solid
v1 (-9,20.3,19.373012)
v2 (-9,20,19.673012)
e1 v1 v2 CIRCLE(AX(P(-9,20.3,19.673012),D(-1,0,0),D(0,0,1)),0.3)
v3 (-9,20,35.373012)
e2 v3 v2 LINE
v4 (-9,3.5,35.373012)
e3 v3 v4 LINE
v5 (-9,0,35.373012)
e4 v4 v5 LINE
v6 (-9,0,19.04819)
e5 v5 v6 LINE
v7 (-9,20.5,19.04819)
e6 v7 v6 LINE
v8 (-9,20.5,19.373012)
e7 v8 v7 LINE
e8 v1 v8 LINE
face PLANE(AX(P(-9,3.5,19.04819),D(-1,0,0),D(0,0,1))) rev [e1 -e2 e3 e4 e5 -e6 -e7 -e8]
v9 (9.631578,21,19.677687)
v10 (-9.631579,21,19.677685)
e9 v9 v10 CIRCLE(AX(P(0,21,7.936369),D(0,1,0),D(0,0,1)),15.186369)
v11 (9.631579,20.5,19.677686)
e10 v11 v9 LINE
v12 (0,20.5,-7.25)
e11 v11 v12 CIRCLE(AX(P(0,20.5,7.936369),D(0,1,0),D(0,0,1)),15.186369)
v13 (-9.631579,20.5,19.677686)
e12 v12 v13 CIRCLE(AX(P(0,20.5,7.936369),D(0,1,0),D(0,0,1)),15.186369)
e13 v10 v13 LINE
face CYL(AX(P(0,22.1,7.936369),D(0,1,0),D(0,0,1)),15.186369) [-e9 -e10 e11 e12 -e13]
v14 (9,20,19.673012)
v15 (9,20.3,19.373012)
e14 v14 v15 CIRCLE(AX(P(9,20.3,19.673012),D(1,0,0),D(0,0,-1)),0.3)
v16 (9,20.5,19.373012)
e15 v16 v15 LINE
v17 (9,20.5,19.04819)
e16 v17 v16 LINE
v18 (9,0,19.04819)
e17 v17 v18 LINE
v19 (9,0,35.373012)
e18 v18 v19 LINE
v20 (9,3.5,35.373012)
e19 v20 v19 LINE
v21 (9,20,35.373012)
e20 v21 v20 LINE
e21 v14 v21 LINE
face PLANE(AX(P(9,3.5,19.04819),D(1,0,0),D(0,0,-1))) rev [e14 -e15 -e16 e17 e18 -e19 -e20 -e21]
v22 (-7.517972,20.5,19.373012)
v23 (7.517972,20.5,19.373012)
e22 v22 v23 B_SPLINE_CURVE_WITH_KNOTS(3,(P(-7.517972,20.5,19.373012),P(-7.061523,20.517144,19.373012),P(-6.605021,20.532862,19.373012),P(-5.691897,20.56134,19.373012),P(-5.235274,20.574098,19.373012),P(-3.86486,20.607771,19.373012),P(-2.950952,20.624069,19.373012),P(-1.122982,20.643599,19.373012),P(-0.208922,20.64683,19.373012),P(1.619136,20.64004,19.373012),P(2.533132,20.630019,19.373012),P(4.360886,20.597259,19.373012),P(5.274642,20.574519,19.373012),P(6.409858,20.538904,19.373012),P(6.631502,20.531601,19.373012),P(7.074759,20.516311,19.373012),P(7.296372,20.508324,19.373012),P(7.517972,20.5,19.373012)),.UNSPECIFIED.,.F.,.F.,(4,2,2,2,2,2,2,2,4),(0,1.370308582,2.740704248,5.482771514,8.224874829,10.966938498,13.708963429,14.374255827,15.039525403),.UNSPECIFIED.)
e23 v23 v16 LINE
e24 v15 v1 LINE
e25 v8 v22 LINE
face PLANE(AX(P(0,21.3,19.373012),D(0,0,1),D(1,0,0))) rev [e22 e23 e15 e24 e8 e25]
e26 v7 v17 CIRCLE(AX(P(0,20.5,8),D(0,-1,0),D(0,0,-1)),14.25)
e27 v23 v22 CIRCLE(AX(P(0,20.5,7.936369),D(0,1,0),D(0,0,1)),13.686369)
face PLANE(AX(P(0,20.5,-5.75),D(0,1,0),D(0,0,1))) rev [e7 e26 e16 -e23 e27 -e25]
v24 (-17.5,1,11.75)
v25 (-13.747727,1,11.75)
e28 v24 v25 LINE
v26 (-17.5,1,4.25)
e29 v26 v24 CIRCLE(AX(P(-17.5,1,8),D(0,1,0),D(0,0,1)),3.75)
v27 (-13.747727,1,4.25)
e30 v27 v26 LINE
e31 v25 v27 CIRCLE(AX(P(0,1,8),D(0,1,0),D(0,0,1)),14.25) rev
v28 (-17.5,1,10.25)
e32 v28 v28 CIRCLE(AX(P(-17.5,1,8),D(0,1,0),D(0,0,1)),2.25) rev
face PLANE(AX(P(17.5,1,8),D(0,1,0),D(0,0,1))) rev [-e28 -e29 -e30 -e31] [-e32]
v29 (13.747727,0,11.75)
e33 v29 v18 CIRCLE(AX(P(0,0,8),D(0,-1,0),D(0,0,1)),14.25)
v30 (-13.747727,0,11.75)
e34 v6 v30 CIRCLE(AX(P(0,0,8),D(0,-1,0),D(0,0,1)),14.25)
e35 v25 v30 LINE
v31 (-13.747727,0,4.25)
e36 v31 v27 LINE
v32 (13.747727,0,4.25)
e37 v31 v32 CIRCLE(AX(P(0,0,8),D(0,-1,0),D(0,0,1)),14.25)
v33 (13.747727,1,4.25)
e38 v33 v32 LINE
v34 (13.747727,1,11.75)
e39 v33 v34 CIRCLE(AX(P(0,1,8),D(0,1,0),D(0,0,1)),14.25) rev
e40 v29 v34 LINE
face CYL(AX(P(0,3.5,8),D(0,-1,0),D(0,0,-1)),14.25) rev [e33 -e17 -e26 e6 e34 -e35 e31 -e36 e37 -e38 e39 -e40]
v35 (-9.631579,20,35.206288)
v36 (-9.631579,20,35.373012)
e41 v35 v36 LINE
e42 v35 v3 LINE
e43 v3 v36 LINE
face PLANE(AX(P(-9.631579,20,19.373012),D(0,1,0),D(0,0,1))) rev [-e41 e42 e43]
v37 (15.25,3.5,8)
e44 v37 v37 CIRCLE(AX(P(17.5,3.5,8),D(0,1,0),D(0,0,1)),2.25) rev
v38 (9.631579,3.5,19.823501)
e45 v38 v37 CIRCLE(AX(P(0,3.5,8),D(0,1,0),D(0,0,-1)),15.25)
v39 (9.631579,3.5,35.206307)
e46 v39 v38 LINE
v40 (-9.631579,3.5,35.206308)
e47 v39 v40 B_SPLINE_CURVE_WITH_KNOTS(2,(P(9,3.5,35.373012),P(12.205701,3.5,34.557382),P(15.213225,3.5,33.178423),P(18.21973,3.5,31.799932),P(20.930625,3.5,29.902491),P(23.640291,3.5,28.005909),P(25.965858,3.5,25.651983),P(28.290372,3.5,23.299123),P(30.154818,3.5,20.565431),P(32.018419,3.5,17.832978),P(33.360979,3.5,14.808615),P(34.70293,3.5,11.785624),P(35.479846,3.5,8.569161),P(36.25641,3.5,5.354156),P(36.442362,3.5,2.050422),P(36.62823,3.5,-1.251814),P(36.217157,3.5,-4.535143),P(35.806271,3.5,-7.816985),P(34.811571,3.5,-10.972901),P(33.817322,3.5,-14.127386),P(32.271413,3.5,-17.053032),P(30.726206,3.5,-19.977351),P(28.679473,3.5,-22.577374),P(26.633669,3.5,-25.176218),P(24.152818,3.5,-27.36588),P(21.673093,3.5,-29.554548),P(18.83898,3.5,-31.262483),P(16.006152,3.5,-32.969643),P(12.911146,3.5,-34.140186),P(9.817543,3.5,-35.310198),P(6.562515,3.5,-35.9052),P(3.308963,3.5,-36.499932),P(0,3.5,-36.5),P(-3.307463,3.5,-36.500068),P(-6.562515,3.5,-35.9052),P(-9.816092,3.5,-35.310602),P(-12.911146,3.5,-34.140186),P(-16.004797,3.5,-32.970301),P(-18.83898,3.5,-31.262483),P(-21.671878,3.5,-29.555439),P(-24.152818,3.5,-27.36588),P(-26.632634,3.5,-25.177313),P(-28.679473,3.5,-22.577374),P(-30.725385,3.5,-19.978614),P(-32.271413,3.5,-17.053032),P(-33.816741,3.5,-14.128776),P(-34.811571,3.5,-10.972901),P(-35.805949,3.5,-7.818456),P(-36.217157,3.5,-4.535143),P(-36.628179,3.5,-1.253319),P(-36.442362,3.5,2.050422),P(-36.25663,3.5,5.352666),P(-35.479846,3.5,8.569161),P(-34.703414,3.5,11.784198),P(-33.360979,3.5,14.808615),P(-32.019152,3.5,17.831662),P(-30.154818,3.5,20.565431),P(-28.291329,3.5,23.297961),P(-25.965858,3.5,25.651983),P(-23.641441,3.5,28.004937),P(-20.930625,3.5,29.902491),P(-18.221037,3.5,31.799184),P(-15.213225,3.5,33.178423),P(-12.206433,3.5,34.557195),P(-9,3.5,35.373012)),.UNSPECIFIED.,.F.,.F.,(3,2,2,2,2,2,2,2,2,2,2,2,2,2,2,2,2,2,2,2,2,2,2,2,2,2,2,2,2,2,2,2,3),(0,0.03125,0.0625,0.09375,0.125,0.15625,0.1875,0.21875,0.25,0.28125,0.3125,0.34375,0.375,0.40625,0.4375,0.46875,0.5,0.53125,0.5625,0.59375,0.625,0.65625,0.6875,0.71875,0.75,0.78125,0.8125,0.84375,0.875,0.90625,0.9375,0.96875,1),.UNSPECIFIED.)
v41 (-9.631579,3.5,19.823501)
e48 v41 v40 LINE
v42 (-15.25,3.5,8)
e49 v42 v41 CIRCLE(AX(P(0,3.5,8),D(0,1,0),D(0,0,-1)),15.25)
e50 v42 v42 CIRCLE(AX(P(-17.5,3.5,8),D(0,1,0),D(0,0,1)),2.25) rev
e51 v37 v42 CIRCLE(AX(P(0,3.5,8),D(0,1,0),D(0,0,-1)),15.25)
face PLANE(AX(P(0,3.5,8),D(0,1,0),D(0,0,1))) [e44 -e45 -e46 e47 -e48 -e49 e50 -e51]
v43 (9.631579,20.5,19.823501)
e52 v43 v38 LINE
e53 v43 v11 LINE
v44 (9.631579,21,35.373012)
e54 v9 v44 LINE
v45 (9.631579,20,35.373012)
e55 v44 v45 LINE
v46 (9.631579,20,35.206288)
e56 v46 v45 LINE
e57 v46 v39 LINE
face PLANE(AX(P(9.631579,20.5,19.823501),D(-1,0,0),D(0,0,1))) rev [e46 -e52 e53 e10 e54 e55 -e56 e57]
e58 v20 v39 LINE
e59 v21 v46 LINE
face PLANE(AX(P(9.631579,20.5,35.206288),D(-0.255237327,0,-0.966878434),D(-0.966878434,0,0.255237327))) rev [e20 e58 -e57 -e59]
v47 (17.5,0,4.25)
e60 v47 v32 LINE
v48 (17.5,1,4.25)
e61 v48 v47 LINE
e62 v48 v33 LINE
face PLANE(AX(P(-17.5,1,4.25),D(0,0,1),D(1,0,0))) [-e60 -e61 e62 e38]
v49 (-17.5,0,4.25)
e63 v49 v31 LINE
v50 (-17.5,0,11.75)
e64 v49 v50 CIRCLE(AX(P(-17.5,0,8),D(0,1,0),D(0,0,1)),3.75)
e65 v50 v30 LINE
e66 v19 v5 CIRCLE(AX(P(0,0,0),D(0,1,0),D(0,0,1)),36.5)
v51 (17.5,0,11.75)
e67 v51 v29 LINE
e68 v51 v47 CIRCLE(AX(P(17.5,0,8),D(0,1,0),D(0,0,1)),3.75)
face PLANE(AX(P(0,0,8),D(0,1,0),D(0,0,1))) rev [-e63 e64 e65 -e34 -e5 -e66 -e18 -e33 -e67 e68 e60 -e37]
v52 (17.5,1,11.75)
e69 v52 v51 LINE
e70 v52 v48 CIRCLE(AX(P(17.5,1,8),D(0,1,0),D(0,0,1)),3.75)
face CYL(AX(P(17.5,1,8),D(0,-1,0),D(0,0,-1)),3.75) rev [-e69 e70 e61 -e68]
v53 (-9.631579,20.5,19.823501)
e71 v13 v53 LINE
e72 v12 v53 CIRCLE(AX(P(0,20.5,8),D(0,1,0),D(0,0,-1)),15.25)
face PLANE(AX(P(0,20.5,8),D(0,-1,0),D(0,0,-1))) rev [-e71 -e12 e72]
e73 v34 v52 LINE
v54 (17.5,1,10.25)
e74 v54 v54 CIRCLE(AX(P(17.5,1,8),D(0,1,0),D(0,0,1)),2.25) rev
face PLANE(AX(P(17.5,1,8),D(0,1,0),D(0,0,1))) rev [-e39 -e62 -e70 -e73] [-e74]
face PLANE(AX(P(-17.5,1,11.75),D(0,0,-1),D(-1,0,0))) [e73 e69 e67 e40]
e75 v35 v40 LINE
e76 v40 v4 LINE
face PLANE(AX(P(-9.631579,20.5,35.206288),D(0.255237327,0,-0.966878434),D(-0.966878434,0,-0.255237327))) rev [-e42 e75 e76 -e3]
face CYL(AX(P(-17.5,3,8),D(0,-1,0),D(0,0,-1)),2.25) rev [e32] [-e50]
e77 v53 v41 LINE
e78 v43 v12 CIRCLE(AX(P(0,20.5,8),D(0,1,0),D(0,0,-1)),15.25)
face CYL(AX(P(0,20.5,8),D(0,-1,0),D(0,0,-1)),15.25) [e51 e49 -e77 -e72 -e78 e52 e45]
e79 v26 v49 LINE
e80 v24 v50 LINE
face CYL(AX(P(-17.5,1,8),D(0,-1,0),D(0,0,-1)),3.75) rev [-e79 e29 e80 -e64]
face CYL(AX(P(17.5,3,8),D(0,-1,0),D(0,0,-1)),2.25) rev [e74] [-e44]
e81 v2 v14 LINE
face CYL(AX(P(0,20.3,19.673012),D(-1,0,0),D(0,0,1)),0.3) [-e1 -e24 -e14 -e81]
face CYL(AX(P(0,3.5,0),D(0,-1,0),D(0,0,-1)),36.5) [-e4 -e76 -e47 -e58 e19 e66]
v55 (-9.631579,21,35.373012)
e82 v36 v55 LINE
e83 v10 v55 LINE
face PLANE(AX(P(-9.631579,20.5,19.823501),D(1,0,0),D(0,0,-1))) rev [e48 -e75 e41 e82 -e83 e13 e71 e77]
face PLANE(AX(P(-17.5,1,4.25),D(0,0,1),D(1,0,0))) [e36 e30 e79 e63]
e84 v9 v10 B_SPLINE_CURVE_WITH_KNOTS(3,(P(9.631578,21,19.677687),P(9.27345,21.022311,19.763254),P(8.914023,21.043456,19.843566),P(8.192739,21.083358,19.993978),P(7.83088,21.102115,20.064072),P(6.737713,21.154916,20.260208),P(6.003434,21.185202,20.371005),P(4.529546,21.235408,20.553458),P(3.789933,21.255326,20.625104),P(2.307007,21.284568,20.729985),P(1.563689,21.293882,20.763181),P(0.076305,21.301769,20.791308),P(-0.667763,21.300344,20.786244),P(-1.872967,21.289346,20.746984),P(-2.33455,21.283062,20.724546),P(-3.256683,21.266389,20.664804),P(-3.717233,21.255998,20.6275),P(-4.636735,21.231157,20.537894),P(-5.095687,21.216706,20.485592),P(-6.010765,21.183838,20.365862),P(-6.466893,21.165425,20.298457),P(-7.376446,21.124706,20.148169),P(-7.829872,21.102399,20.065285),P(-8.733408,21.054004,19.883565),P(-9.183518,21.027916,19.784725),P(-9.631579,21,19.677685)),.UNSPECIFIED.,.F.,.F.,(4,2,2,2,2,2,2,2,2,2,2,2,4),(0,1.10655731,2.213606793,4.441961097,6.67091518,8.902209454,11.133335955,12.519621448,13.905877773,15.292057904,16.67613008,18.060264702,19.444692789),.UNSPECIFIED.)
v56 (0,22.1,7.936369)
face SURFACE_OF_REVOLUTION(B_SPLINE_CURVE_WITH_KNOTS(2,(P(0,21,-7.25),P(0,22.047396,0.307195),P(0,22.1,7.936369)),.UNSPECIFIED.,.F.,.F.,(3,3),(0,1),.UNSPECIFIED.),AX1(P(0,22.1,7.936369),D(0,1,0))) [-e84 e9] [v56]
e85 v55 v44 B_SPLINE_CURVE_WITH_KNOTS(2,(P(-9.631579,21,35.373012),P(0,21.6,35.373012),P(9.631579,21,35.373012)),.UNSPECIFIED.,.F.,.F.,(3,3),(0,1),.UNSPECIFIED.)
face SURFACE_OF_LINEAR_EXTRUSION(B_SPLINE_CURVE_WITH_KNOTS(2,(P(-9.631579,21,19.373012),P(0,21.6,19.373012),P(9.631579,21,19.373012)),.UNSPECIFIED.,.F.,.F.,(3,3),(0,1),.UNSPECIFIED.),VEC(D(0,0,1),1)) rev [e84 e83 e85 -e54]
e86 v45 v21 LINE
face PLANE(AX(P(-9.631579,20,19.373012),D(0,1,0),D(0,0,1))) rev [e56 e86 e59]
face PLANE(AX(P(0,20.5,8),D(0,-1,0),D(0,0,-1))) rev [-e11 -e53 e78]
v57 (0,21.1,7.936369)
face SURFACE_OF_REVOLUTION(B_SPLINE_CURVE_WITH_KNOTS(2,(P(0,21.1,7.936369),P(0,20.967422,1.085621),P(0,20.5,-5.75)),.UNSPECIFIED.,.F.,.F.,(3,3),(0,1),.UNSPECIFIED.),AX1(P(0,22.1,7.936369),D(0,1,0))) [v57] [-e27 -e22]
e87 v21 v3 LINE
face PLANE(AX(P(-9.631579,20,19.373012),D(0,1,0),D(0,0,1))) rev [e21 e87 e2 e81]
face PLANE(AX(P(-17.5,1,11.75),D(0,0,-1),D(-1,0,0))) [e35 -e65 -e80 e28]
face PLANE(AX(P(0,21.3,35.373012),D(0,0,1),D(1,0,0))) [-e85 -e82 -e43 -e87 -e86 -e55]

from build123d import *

# Parameters (mm, degrees)
BOSS_EXTRUDE1_DEPTH = 3.5
CUT_EXTRUDE1_DEPTH  = 1
SKETCH4_R           = 2.25
CUT_EXTRUDE2_DEPTH  = 3
SKETCH4_2_R         = 2.25
CUT_EXTRUDE3_DEPTH  = 8
BOSS_EXTRUDE4_DEPTH = 17
BOSS_EXTRUDE5_DEPTH = 16
FILLET5_R           = 0.3


with BuildPart() as part:
    # Sketch1 → Boss-Extrude1 (new body)
    with BuildSketch(Plane(origin=(0, 0, 0), x_dir=(1, 0, 0), z_dir=(0, 1, 0))):
        with BuildLine():
            Line((-9, -19.048189897), (-9, -35.373012312))
            ThreePointArc((-9, -35.373012312), (0, 36.5), (9, -35.373012312))
            Line((9, -35.373012312), (9, -19.048189897))
            ThreePointArc((9, -19.048189897), (0, 6.25), (-9, -19.048189897))
        make_face()
    extrude(amount=BOSS_EXTRUDE1_DEPTH)

    # Sketch2 → Cut-Extrude1 (cut)
    with BuildSketch(Plane(origin=(0, 0, 0), x_dir=(1, 0, 0), z_dir=(0, 1, 0))):
        with BuildLine():
            Line((-17.5, -4.25), (17.5, -4.25))
            ThreePointArc((17.5, -4.25), (21.25, -8), (17.5, -11.75))
            Line((17.5, -11.75), (-17.5, -11.75))
            ThreePointArc((-17.5, -11.75), (-21.25, -8), (-17.5, -4.25))
        make_face()
    extrude(amount=CUT_EXTRUDE1_DEPTH, mode=Mode.SUBTRACT)

    # Sketch4 → Cut-Extrude2 (cut)
    with BuildSketch(Plane(origin=(0, 0, 0), x_dir=(1, 0, 0), z_dir=(0, 1, 0))):
        with Locations((17.5, -8)):
            Circle(SKETCH4_R)
        with Locations((-17.5, -8)):
            Circle(SKETCH4_R)
    extrude(amount=CUT_EXTRUDE2_DEPTH, mode=Mode.SUBTRACT)

    # Sketch4<2> → Cut-Extrude3 (cut)
    with BuildSketch(Plane(origin=(0, 0, 0), x_dir=(1, 0, 0), z_dir=(0, 1, 0))):
        with Locations((17.5, -8)):
            Circle(SKETCH4_2_R)
        with Locations((-17.5, -8)):
            Circle(SKETCH4_2_R)
    extrude(amount=CUT_EXTRUDE3_DEPTH, mode=Mode.SUBTRACT)

    # Sketch8 → Boss-Extrude4 (add)
    with BuildSketch(Plane(origin=(0, 3.5, 0), x_dir=(1, 0, 0), z_dir=(0, 1, 0))):
        with BuildLine():
            Line((-9.631578947, -19.823501469), (-9.631578947, -35.206287606))
            Line((-9.631578947, -35.206287606), (-9, -35.373012312))
            Line((-9, -35.373012312), (-9, -19.048189897))
            ThreePointArc((-9, -19.048189897), (0, 6.25), (9, -19.048189897))
            Line((9, -19.048189897), (9, -35.373012312))
            Line((9, -35.373012312), (9.631578947, -35.206287606))
            Line((9.631578947, -35.206287606), (9.631578947, -19.823501469))
            ThreePointArc((9.631578947, -19.823501469), (0, 7.25), (-9.631578947, -19.823501469))
        make_face()
    extrude(amount=BOSS_EXTRUDE4_DEPTH)

    # Sketch10 → Revolve1 (revolve)
    with BuildSketch(Plane(origin=(0, 0, 0), x_dir=(0, 0, -1), z_dir=(1, 0, 0))):
        with BuildLine():
            Line((7.25, 20.5), (7.25, 21))
            add(Edge.make_bspline(
                [(-7.936369454, 22.1), (-0.307195454, 22.047396127), (7.25, 21)],
                knots=[0, 0, 0, 1, 1, 1], degree=2))
            Line((-7.936369454, 22.1), (-7.936369454, 21.1))
            add(Edge.make_bspline(
                [(-7.936369454, 21.1), (-1.085621259, 20.96742236), (5.75, 20.5)],
                knots=[0, 0, 0, 1, 1, 1], degree=2))
            Line((5.75, 20.5), (7.25, 20.5))
        make_face()
    revolve(axis=Axis((0, 22.1, 7.936369454), (0, -1, 0)))

    # Sketch11 → Boss-Extrude5 (add)
    with BuildSketch(Plane(origin=(0, 0, 35.373012312), x_dir=(-1, 0, 0), z_dir=(0, 0, -1))):
        with BuildLine():
            Line((9.631578947, 21.000000084), (9.631578947, 19.999999916))
            Line((9.631578947, 19.999999916), (-9.631578947, 19.999999916))
            Line((-9.631578947, 19.999999916), (-9.631578947, 20.999999916))
            add(Edge.make_bspline(
                [(9.631578947, 21.000000084), (-5e-09, 21.599999831), (-9.631578947, 20.999999916)],
                knots=[0, 0, 0, 1, 1, 1], degree=2))
        make_face()
    extrude(amount=BOSS_EXTRUDE5_DEPTH)

    # Fillet5
    fillet5_edges = [part.edges().sort_by_distance(p)[0] for p in [
        (0, 19.999999916, 19.373012312),
    ]]
    fillet(fillet5_edges, radius=FILLET5_R)


solid = part.part
